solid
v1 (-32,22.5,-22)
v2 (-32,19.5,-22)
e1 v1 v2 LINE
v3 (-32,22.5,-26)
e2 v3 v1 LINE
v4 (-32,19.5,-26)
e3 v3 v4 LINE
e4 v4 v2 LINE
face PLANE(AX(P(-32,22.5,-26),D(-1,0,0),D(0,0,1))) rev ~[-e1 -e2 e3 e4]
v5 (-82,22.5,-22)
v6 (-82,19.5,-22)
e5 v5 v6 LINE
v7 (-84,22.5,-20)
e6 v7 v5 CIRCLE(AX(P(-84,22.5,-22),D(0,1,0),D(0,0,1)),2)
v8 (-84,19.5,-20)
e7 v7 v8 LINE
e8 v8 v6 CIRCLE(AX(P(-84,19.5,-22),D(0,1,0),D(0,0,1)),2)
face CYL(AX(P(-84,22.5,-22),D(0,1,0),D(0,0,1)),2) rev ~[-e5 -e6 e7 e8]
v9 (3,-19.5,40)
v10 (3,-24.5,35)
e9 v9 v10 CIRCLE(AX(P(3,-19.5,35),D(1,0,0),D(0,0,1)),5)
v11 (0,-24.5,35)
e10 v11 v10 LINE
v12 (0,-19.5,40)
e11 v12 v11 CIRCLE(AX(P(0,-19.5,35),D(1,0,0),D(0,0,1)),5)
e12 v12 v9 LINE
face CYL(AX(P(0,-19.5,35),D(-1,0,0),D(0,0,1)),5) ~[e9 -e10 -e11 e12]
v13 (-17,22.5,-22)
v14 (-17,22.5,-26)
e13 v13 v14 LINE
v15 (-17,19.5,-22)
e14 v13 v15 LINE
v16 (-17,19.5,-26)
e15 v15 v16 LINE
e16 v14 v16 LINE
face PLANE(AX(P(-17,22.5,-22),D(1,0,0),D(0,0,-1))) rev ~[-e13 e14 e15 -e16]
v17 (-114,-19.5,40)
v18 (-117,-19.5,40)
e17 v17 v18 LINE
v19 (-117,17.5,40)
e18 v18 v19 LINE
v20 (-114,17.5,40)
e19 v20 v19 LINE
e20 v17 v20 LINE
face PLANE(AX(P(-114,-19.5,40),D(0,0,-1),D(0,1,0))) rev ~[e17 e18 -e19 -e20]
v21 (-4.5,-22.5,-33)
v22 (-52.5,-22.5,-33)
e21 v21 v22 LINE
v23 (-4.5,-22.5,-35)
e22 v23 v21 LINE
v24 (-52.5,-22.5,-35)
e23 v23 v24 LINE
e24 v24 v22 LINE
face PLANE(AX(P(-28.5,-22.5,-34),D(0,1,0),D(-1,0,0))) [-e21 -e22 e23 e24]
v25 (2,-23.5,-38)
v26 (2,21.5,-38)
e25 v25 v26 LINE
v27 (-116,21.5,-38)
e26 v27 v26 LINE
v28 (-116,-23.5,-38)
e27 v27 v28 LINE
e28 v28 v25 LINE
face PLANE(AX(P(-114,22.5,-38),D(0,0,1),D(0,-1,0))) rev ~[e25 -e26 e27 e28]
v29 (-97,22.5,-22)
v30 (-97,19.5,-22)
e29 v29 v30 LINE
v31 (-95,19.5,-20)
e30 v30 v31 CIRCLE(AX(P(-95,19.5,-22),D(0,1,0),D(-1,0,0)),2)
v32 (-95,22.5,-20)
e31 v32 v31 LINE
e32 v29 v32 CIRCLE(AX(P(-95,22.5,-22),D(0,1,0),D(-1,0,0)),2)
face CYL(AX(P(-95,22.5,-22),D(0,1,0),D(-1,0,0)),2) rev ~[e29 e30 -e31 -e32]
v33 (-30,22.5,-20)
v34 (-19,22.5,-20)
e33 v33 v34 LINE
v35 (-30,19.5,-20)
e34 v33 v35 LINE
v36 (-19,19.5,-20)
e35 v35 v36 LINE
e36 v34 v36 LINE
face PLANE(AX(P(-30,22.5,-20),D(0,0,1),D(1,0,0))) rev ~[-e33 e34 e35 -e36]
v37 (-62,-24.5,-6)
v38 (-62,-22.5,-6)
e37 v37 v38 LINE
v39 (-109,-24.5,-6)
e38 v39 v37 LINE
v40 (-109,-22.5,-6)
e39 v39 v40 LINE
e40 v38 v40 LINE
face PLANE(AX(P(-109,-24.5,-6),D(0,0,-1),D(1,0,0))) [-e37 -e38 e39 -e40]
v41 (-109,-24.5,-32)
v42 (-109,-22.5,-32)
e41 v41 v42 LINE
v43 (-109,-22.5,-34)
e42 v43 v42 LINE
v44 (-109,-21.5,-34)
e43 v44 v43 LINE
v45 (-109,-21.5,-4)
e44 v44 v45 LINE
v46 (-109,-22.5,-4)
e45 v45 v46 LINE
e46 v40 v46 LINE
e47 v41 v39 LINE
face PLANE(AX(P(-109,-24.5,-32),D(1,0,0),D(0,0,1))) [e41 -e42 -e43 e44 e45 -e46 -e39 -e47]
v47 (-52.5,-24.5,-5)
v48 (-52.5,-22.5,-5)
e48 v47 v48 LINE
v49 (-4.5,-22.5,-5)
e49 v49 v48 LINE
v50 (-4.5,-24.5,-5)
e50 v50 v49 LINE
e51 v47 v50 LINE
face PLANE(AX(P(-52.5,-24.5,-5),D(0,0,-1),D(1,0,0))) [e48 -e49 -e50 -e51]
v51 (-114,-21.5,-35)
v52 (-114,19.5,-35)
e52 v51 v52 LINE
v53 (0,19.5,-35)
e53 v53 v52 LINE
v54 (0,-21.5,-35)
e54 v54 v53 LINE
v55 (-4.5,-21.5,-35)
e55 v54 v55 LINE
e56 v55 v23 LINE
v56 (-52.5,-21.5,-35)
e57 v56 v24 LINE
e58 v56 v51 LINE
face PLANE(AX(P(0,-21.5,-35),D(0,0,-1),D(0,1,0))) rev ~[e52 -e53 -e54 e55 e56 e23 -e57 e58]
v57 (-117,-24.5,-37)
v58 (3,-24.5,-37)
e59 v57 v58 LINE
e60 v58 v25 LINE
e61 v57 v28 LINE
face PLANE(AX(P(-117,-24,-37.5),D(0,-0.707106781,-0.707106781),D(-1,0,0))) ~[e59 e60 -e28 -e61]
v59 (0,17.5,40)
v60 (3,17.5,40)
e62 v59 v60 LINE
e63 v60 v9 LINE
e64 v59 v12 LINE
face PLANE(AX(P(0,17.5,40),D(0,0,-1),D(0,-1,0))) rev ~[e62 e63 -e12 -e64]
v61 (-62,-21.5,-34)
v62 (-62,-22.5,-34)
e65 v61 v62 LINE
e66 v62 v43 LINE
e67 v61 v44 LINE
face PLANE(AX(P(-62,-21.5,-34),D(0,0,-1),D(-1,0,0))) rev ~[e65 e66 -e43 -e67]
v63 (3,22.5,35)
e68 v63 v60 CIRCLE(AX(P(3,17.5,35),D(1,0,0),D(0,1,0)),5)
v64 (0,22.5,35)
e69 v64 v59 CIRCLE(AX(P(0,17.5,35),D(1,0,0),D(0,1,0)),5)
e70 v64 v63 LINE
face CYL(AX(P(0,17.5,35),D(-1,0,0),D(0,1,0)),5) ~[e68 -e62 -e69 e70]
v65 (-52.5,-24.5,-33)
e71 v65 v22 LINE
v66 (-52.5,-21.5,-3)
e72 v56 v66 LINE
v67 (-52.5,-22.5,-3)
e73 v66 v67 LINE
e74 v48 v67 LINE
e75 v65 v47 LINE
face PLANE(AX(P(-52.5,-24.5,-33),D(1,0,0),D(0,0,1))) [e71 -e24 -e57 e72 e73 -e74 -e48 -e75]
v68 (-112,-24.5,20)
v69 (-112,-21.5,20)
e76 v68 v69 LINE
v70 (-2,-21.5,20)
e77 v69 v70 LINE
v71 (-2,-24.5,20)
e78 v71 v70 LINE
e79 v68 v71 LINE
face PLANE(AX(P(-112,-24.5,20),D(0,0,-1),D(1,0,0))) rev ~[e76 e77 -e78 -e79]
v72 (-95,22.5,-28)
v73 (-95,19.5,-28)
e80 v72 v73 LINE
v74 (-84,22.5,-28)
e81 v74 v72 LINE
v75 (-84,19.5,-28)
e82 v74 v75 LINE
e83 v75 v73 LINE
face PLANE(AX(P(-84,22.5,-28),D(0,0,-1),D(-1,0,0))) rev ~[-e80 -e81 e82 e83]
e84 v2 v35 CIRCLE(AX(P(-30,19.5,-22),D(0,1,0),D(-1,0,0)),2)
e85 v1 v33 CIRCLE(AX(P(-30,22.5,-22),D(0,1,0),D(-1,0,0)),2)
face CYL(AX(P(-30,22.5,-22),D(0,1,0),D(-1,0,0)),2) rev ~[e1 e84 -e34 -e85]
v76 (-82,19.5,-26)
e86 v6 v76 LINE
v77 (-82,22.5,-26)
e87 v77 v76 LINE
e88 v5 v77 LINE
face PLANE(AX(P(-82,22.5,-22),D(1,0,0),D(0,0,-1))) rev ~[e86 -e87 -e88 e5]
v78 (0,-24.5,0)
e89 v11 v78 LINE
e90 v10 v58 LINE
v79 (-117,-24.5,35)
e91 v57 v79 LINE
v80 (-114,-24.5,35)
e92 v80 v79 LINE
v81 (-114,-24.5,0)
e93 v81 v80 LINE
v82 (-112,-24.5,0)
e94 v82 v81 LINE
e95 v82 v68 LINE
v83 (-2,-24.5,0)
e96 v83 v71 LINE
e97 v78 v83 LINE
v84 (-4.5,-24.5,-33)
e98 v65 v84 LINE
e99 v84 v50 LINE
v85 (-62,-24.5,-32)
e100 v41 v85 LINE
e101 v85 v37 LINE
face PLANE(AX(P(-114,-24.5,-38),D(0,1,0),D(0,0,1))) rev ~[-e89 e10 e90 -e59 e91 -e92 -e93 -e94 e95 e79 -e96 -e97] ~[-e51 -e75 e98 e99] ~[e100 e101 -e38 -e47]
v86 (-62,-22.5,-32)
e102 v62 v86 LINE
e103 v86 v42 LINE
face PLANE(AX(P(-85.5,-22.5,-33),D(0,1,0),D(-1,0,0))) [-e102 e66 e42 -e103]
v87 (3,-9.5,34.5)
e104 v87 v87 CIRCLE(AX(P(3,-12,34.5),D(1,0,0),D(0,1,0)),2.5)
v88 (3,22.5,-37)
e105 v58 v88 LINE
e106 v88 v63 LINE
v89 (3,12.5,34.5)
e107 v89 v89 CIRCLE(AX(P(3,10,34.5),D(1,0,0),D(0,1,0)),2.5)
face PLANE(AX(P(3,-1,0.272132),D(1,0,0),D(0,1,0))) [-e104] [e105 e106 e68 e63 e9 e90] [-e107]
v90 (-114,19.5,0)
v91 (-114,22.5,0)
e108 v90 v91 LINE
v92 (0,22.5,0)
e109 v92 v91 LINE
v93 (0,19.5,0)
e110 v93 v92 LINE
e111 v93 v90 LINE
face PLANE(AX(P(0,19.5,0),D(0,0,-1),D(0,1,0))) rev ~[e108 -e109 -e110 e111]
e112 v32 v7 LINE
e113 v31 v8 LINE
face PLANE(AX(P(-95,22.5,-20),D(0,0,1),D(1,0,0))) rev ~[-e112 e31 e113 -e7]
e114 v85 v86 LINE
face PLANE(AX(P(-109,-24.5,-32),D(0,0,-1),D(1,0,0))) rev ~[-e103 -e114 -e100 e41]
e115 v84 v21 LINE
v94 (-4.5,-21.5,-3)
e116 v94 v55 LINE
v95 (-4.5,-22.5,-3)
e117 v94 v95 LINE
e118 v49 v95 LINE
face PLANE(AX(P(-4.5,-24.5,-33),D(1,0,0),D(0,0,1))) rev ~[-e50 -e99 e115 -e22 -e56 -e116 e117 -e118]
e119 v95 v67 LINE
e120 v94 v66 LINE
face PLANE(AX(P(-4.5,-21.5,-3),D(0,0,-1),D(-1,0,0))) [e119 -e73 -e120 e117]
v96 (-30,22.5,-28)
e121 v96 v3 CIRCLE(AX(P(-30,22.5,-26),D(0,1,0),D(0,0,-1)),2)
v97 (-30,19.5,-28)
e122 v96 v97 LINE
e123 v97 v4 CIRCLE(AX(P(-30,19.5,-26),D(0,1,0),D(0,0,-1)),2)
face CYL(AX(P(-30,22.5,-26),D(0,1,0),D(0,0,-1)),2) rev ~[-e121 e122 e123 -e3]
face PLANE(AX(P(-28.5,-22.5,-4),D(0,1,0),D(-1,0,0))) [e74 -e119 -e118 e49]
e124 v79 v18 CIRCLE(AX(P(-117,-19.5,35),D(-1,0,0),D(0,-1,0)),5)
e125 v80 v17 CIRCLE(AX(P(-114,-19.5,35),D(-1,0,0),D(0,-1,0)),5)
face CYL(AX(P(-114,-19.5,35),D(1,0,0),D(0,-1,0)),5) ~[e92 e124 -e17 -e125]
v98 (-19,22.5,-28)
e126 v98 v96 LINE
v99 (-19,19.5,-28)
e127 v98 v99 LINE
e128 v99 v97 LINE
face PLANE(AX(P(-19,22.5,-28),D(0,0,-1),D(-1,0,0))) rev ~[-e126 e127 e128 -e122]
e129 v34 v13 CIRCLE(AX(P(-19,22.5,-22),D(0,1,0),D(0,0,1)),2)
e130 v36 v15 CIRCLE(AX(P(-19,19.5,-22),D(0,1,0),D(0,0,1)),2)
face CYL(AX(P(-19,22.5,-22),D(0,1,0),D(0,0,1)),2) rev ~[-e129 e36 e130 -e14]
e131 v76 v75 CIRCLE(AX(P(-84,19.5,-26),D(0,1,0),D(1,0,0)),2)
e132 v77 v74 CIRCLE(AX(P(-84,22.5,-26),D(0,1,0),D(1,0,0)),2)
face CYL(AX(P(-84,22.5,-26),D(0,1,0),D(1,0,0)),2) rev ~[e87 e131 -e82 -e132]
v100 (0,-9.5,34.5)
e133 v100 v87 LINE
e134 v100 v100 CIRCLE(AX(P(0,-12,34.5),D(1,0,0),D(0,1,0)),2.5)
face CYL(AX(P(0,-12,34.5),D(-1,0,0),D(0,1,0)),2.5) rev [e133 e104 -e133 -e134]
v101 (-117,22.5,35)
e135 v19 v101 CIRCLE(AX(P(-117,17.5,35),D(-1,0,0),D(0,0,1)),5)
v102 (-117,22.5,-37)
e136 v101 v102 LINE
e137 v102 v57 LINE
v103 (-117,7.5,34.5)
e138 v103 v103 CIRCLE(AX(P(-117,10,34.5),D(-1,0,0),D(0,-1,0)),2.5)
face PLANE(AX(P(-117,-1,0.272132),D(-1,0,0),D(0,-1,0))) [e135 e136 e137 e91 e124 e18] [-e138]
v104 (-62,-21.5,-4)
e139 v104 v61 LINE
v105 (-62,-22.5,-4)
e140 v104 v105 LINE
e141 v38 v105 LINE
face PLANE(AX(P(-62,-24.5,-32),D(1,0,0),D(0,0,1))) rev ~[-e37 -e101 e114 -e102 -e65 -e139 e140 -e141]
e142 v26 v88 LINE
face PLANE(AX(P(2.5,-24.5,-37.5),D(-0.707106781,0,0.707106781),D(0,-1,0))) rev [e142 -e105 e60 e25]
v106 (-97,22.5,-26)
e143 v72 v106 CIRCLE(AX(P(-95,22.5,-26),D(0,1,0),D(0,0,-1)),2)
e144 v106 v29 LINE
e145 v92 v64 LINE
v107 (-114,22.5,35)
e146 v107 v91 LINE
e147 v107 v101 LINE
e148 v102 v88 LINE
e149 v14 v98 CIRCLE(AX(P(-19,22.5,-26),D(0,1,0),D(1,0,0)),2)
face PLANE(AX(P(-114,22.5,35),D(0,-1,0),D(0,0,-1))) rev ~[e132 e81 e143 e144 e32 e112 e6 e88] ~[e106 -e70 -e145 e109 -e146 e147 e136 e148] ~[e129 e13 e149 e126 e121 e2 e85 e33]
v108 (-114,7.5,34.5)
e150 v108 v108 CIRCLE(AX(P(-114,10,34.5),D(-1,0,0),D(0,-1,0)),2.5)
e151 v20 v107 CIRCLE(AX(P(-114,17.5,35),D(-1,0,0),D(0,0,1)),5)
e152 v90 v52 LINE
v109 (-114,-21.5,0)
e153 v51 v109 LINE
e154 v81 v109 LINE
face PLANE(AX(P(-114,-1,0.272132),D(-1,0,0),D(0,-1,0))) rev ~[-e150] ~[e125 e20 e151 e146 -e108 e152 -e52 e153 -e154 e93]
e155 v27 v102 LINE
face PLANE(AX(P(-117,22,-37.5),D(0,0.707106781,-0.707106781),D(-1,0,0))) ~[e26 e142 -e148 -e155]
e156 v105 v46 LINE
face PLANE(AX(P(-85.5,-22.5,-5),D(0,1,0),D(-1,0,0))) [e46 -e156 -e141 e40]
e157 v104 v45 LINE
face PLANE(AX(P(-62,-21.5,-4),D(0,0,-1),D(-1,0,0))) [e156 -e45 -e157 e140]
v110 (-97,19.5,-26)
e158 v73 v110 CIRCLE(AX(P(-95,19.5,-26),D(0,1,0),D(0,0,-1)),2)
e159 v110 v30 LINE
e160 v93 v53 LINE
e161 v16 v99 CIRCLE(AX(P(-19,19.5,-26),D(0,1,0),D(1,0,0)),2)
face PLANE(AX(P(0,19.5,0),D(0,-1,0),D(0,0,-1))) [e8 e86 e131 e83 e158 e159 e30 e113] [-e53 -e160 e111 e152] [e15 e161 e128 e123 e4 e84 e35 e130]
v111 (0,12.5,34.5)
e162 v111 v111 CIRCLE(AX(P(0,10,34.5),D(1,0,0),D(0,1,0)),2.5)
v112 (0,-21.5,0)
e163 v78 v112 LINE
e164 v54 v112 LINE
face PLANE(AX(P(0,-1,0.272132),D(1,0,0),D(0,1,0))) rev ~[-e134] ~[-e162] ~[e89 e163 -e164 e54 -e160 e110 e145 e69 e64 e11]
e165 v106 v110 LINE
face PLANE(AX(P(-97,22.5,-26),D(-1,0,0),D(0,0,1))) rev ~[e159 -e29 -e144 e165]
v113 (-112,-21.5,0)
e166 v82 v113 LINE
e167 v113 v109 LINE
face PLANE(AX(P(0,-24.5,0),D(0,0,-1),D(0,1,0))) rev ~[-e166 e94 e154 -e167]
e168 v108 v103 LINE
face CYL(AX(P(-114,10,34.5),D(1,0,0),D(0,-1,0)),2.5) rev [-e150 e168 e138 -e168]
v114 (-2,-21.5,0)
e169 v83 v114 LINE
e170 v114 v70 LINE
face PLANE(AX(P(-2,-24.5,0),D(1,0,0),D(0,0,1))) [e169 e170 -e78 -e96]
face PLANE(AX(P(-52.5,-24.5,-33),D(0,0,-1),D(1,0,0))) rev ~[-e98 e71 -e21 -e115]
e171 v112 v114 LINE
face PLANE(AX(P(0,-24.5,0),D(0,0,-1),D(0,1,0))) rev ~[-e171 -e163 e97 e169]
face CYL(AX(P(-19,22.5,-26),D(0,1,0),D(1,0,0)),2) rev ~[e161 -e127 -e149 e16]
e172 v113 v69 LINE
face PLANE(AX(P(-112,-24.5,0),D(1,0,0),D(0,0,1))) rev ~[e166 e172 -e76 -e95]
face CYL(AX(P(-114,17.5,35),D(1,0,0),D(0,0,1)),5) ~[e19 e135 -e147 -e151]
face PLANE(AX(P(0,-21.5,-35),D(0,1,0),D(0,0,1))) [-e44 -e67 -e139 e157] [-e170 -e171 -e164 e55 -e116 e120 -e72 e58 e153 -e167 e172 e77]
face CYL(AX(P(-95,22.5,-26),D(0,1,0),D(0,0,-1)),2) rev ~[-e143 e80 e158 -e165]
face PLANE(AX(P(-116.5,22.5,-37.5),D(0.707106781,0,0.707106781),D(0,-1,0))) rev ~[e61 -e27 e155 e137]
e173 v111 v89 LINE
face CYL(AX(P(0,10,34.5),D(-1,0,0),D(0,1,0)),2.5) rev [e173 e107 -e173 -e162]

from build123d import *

# Parameters (mm, degrees)
F2_R      = 2.5
F3_DEPTH  = 3
F4_W      = 3
F4_H      = 35
F4_H_2    = 3
F4_W_2    = 41
F5_DEPTH  = 114
F6_R      = 2.5
F7_DEPTH  = 3
F8_W      = 110
F8_H      = 20
F9_DEPTH  = 3
F10_W     = 47
F10_H     = 26
F10_W_2   = 48
F10_H_2   = 28
F11_DEPTH = 3
F13_DEPTH = 3
F14_SIZE  = 1
F16_W     = 48
F16_H     = 2
F16_W_2   = 47
F17_DEPTH = 1


with BuildPart() as f3:
    # F2 (on Right) → F3 (new body)
    with BuildSketch(Plane.YZ):
        with BuildLine():
            ThreePointArc((22.5, 35), (21.0355339059, 38.5355339059), (17.5, 40))
            Line((17.5, 40), (-19.5, 40))
            ThreePointArc((-19.5, 40), (-23.0355339059, 38.5355339059), (-24.5, 35))
            Line((-24.5, 35), (-24.5, -38))
            Line((-24.5, -38), (22.5, -38))
            Line((22.5, -38), (22.5, 35))
        make_face()
        with Locations((-12, 34.5)):
            Circle(F2_R, mode=Mode.SUBTRACT)
        with Locations((10, 34.5)):
            Circle(F2_R, mode=Mode.SUBTRACT)
    extrude(amount=F3_DEPTH)

    # F4 (on Right) → F5 (join)
    with BuildSketch(Plane.YZ):
        with Locations((-23, -17.5)):
            Rectangle(F4_W, F4_H)
        with Locations((21, -36.5)):
            Rectangle(F4_W, F4_H_2)
        with Locations((21, -17.5)):
            Rectangle(F4_W, F4_H)
        with Locations((-1, -36.5)):
            Rectangle(F4_W_2, F4_H_2)
        with Locations((-23, -36.5)):
            Rectangle(F4_W, F4_H_2)
    extrude(amount=-F5_DEPTH)

    # F6 (on face) → F7 (join)
    with BuildSketch(Plane(origin=(-114, 0, 0), x_dir=(0, -1, 0), z_dir=(-1, 0, 0))):
        with BuildLine():
            ThreePointArc((24.5, 35), (23.0355339059, 38.5355339059), (19.5, 40))
            Line((19.5, 40), (-17.5, 40))
            ThreePointArc((-17.5, 40), (-21.0355339059, 38.5355339059), (-22.5, 35))
            Line((-22.5, 35), (-22.5, -38))
            Line((-22.5, -38), (24.5, -38))
            Line((24.5, -38), (24.5, 35))
        make_face()
        with Locations((-10, 34.5)):
            Circle(F6_R, mode=Mode.SUBTRACT)
    extrude(amount=F7_DEPTH)

    # F8 (on face) → F9 (join)
    with BuildSketch(Plane.XZ.offset(24.5)):
        with Locations((-57, 10)):
            Rectangle(F8_W, F8_H)
    extrude(amount=-F9_DEPTH)

    # F10 (on face) → F11 (cut, through all)
    with BuildSketch(Plane.XZ.offset(24.5)):
        with Locations((-85.5, -19)):
            Rectangle(F10_W, F10_H)
        with Locations((-28.5, -19)):
            Rectangle(F10_W_2, F10_H_2)
    extrude(amount=-F11_DEPTH, mode=Mode.SUBTRACT)

    # F12 (on face) → F13 (cut, through all)
    with BuildSketch(Plane(origin=(0, 22.5, 0), x_dir=(-1, 0, 0), z_dir=(0, 1, 0))):
        with BuildLine():
            ThreePointArc((82, -26), (82.5857864376, -27.4142135624), (84, -28))
            Line((84, -28), (95, -28))
            ThreePointArc((95, -28), (96.4142135624, -27.4142135624), (97, -26))
            Line((97, -26), (97, -22))
            ThreePointArc((97, -22), (96.4142135624, -20.5857864376), (95, -20))
            Line((95, -20), (84, -20))
            ThreePointArc((84, -20), (82.5857864376, -20.5857864376), (82, -22))
            Line((82, -22), (82, -26))
        make_face()
        with BuildLine():
            ThreePointArc((17, -26), (17.5857864376, -27.4142135624), (19, -28))
            Line((19, -28), (30, -28))
            ThreePointArc((30, -28), (31.4142135624, -27.4142135624), (32, -26))
            Line((32, -26), (32, -22))
            ThreePointArc((32, -22), (31.4142135624, -20.5857864376), (30, -20))
            Line((30, -20), (19, -20))
            ThreePointArc((19, -20), (17.5857864376, -20.5857864376), (17, -22))
            Line((17, -22), (17, -26))
        make_face()
    extrude(amount=-F13_DEPTH, mode=Mode.SUBTRACT)

    # F14
    f14_edges = [f3.edges().sort_by_distance(p)[0] for p in [
        (-57, -24.5, -38),
        (3, -1, -38),
        (-57, 22.5, -38),
        (-117, -1, -38),
    ]]
    chamfer(f14_edges, length=F14_SIZE)

    # F16 (on face) → F17 (cut)
    with BuildSketch(Plane(origin=(0, -21.5, 0), x_dir=(-1, 0, 0), z_dir=(0, 1, 0))):
        with Locations((28.5, -34)):
            Rectangle(F16_W, F16_H)
        with Locations((85.5, -33)):
            Rectangle(F16_W_2, F16_H)
        with Locations((85.5, -5)):
            Rectangle(F16_W_2, F16_H)
        with Locations((28.5, -4)):
            Rectangle(F16_W, F16_H)
    extrude(amount=-F17_DEPTH, mode=Mode.SUBTRACT)


solid = f3.part
